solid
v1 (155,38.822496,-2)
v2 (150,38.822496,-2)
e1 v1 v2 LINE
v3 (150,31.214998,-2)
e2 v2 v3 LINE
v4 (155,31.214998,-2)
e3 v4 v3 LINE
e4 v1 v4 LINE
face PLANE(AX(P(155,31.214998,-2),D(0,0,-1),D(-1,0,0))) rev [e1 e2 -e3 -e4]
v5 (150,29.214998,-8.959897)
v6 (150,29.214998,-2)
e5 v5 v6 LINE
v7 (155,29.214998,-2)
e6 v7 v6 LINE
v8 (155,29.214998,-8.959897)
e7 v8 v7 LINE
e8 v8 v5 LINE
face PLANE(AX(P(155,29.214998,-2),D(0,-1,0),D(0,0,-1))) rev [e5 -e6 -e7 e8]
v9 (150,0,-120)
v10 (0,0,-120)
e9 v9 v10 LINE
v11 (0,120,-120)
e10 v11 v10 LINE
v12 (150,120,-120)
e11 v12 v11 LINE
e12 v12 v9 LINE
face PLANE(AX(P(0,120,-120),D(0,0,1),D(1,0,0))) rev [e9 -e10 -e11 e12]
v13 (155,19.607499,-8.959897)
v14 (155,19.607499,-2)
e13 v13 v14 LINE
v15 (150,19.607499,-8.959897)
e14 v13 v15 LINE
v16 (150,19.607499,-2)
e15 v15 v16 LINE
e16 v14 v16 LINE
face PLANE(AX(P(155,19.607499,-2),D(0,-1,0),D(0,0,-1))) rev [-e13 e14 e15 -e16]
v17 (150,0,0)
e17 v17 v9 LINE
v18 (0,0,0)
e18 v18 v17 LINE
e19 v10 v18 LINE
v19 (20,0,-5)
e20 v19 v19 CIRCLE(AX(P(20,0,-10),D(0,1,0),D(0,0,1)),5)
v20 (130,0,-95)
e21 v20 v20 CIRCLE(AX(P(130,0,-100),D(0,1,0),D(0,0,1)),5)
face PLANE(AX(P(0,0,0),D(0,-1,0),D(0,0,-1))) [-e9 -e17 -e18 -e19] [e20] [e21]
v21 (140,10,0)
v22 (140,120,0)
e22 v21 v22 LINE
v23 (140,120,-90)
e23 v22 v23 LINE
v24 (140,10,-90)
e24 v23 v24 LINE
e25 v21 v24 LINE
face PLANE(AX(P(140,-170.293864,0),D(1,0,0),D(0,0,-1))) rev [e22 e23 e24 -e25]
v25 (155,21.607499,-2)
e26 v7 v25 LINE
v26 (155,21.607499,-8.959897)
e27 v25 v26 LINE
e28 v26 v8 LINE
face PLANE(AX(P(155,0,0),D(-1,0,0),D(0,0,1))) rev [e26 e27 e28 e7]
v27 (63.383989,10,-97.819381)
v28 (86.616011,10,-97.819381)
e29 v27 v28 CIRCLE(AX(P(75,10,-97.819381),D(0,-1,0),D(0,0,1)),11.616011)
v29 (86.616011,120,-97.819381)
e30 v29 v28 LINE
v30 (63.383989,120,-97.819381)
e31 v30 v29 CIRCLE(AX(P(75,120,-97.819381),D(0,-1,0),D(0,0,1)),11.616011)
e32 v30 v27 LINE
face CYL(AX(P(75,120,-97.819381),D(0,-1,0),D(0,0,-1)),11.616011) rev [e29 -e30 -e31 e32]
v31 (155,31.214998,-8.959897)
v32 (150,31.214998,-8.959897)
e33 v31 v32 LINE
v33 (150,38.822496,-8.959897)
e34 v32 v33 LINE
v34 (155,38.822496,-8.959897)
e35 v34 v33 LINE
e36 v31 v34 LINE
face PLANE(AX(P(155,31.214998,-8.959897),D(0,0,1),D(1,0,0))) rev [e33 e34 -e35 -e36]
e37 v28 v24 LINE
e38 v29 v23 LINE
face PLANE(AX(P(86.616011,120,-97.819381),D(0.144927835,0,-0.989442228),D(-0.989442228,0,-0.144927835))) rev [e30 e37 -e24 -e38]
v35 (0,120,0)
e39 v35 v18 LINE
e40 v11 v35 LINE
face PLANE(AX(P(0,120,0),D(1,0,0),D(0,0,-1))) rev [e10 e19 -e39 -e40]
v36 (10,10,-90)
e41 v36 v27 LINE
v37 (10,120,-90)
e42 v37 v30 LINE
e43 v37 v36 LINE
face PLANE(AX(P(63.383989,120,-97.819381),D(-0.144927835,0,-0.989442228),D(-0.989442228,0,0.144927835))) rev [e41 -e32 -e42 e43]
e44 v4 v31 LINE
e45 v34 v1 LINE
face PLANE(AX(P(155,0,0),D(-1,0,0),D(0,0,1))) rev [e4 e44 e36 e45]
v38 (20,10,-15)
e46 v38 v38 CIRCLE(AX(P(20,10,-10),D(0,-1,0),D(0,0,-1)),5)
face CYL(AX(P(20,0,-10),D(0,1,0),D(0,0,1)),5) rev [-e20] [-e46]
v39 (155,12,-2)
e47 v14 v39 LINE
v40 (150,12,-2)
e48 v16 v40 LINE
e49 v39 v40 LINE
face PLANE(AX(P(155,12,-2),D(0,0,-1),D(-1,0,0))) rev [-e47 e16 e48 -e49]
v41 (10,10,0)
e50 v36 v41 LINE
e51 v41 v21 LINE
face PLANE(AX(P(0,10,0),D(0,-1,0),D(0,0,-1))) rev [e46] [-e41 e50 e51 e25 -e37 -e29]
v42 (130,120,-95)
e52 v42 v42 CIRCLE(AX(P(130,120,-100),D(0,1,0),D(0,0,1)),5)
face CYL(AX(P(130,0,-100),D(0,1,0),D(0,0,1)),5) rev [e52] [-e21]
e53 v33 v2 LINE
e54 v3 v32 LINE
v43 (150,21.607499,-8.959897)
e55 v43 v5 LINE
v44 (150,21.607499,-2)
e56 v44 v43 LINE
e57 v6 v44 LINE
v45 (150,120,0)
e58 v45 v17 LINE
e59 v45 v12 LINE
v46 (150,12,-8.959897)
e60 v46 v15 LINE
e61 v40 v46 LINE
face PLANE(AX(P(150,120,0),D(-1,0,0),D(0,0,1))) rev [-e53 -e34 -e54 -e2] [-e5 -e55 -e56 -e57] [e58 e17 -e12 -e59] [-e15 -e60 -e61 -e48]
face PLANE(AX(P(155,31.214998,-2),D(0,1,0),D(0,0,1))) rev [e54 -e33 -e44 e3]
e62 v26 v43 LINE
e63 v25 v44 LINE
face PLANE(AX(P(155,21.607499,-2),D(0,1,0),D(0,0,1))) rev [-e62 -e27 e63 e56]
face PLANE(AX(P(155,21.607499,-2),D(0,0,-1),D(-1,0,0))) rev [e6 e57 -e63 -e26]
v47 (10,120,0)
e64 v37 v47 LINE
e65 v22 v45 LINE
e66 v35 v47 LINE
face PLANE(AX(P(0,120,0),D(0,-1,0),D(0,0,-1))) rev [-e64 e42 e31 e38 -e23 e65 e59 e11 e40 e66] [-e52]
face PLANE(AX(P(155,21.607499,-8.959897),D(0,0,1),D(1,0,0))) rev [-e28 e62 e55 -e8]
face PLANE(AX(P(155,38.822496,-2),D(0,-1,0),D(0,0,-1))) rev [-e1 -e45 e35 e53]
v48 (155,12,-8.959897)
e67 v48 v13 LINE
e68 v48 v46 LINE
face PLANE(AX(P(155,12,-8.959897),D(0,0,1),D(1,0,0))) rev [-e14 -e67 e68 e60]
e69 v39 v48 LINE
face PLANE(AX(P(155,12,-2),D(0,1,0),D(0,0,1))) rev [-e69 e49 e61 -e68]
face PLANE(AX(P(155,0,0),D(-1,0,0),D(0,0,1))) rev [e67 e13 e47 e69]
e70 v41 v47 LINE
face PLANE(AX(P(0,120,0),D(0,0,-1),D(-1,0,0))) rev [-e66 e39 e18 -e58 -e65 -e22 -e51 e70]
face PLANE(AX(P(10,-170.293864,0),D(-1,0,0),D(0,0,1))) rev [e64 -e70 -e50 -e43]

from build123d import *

# Parameters (mm, degrees)
SKETCH1_W                = 150
SKETCH1_H                = 120
BASEBOX_DEPTH            = 120
SKETCH2_W                = 130
SKETCH2_H                = 110
INTERIORCUT_DEPTH        = 110
POSITIONCALIBRATOR_DEPTH = 110
SKETCH6_W                = 6.959896851
SKETCH6_H                = 7.60749883
LASERRECEIVER_DEPTH      = 5
THREADEDROD_DEPTH        = 225.77766793
THREADEDROD_DEPTH_BACK   = 225.77766793
SKETCH3_R                = 5


with BuildPart() as part:
    # Sketch1 → BaseBox (new body)
    with BuildSketch(Plane(origin=(0, 0, 0), x_dir=(1, 0, 0), z_dir=(0, 1, 0))):
        with Locations((75, 60)):
            Rectangle(SKETCH1_W, SKETCH1_H)
    extrude(amount=BASEBOX_DEPTH)

    # Sketch2 → InteriorCut (cut)
    with BuildSketch(Plane(origin=(0, 120, 0), x_dir=(1, 0, 0), z_dir=(0, 1, 0))):
        with Locations((75, 55)):
            Rectangle(SKETCH2_W, SKETCH2_H)
    extrude(amount=-INTERIORCUT_DEPTH, mode=Mode.SUBTRACT)

    # Sketch5 → PositionCalibrator (add)
    with BuildSketch(Plane(origin=(0, 10, 0), x_dir=(1, 0, 0), z_dir=(0, 1, 0))):
        with BuildLine():
            Line((63.383989491, 97.819381253), (10, 90))
            Line((10, 90), (10, 110))
            Line((10, 110), (140, 110))
            Line((140, 110), (140, 90))
            Line((140, 90), (86.616010509, 97.819381253))
            ThreePointArc((86.616010509, 97.819381253), (75, 109.435391763), (63.383989491, 97.819381253))
        make_face()
    extrude(amount=POSITIONCALIBRATOR_DEPTH)

    # Sketch6 → LaserReceiver (add)
    with BuildSketch(Plane(origin=(150, 0, 0), x_dir=(0, 0, -1), z_dir=(1, 0, 0))):
        with Locations((5.479948425, 35.018747075)):
            Rectangle(SKETCH6_W, SKETCH6_H)
        with Locations((5.479948425, 15.803749415)):
            Rectangle(SKETCH6_W, SKETCH6_H)
        with Locations((5.479948425, 25.411248245)):
            Rectangle(SKETCH6_W, SKETCH6_H)
    extrude(amount=LASERRECEIVER_DEPTH)

    # Sketch3 → ThreadedRod (cut, two sides: drawn at the far end of the back side and taken through both)
    with BuildSketch(Plane(origin=(0, 10, 0), x_dir=(1, 0, 0), z_dir=(0, 1, 0)).offset(-THREADEDROD_DEPTH_BACK)):
        with Locations(Location((20, 10, 0), (0, 0, 270))):
            Circle(SKETCH3_R)
        with Locations(Location((130, 100, 0), (0, 0, 270))):
            Circle(SKETCH3_R)
    extrude(amount=THREADEDROD_DEPTH + THREADEDROD_DEPTH_BACK, mode=Mode.SUBTRACT)


solid = part.part
